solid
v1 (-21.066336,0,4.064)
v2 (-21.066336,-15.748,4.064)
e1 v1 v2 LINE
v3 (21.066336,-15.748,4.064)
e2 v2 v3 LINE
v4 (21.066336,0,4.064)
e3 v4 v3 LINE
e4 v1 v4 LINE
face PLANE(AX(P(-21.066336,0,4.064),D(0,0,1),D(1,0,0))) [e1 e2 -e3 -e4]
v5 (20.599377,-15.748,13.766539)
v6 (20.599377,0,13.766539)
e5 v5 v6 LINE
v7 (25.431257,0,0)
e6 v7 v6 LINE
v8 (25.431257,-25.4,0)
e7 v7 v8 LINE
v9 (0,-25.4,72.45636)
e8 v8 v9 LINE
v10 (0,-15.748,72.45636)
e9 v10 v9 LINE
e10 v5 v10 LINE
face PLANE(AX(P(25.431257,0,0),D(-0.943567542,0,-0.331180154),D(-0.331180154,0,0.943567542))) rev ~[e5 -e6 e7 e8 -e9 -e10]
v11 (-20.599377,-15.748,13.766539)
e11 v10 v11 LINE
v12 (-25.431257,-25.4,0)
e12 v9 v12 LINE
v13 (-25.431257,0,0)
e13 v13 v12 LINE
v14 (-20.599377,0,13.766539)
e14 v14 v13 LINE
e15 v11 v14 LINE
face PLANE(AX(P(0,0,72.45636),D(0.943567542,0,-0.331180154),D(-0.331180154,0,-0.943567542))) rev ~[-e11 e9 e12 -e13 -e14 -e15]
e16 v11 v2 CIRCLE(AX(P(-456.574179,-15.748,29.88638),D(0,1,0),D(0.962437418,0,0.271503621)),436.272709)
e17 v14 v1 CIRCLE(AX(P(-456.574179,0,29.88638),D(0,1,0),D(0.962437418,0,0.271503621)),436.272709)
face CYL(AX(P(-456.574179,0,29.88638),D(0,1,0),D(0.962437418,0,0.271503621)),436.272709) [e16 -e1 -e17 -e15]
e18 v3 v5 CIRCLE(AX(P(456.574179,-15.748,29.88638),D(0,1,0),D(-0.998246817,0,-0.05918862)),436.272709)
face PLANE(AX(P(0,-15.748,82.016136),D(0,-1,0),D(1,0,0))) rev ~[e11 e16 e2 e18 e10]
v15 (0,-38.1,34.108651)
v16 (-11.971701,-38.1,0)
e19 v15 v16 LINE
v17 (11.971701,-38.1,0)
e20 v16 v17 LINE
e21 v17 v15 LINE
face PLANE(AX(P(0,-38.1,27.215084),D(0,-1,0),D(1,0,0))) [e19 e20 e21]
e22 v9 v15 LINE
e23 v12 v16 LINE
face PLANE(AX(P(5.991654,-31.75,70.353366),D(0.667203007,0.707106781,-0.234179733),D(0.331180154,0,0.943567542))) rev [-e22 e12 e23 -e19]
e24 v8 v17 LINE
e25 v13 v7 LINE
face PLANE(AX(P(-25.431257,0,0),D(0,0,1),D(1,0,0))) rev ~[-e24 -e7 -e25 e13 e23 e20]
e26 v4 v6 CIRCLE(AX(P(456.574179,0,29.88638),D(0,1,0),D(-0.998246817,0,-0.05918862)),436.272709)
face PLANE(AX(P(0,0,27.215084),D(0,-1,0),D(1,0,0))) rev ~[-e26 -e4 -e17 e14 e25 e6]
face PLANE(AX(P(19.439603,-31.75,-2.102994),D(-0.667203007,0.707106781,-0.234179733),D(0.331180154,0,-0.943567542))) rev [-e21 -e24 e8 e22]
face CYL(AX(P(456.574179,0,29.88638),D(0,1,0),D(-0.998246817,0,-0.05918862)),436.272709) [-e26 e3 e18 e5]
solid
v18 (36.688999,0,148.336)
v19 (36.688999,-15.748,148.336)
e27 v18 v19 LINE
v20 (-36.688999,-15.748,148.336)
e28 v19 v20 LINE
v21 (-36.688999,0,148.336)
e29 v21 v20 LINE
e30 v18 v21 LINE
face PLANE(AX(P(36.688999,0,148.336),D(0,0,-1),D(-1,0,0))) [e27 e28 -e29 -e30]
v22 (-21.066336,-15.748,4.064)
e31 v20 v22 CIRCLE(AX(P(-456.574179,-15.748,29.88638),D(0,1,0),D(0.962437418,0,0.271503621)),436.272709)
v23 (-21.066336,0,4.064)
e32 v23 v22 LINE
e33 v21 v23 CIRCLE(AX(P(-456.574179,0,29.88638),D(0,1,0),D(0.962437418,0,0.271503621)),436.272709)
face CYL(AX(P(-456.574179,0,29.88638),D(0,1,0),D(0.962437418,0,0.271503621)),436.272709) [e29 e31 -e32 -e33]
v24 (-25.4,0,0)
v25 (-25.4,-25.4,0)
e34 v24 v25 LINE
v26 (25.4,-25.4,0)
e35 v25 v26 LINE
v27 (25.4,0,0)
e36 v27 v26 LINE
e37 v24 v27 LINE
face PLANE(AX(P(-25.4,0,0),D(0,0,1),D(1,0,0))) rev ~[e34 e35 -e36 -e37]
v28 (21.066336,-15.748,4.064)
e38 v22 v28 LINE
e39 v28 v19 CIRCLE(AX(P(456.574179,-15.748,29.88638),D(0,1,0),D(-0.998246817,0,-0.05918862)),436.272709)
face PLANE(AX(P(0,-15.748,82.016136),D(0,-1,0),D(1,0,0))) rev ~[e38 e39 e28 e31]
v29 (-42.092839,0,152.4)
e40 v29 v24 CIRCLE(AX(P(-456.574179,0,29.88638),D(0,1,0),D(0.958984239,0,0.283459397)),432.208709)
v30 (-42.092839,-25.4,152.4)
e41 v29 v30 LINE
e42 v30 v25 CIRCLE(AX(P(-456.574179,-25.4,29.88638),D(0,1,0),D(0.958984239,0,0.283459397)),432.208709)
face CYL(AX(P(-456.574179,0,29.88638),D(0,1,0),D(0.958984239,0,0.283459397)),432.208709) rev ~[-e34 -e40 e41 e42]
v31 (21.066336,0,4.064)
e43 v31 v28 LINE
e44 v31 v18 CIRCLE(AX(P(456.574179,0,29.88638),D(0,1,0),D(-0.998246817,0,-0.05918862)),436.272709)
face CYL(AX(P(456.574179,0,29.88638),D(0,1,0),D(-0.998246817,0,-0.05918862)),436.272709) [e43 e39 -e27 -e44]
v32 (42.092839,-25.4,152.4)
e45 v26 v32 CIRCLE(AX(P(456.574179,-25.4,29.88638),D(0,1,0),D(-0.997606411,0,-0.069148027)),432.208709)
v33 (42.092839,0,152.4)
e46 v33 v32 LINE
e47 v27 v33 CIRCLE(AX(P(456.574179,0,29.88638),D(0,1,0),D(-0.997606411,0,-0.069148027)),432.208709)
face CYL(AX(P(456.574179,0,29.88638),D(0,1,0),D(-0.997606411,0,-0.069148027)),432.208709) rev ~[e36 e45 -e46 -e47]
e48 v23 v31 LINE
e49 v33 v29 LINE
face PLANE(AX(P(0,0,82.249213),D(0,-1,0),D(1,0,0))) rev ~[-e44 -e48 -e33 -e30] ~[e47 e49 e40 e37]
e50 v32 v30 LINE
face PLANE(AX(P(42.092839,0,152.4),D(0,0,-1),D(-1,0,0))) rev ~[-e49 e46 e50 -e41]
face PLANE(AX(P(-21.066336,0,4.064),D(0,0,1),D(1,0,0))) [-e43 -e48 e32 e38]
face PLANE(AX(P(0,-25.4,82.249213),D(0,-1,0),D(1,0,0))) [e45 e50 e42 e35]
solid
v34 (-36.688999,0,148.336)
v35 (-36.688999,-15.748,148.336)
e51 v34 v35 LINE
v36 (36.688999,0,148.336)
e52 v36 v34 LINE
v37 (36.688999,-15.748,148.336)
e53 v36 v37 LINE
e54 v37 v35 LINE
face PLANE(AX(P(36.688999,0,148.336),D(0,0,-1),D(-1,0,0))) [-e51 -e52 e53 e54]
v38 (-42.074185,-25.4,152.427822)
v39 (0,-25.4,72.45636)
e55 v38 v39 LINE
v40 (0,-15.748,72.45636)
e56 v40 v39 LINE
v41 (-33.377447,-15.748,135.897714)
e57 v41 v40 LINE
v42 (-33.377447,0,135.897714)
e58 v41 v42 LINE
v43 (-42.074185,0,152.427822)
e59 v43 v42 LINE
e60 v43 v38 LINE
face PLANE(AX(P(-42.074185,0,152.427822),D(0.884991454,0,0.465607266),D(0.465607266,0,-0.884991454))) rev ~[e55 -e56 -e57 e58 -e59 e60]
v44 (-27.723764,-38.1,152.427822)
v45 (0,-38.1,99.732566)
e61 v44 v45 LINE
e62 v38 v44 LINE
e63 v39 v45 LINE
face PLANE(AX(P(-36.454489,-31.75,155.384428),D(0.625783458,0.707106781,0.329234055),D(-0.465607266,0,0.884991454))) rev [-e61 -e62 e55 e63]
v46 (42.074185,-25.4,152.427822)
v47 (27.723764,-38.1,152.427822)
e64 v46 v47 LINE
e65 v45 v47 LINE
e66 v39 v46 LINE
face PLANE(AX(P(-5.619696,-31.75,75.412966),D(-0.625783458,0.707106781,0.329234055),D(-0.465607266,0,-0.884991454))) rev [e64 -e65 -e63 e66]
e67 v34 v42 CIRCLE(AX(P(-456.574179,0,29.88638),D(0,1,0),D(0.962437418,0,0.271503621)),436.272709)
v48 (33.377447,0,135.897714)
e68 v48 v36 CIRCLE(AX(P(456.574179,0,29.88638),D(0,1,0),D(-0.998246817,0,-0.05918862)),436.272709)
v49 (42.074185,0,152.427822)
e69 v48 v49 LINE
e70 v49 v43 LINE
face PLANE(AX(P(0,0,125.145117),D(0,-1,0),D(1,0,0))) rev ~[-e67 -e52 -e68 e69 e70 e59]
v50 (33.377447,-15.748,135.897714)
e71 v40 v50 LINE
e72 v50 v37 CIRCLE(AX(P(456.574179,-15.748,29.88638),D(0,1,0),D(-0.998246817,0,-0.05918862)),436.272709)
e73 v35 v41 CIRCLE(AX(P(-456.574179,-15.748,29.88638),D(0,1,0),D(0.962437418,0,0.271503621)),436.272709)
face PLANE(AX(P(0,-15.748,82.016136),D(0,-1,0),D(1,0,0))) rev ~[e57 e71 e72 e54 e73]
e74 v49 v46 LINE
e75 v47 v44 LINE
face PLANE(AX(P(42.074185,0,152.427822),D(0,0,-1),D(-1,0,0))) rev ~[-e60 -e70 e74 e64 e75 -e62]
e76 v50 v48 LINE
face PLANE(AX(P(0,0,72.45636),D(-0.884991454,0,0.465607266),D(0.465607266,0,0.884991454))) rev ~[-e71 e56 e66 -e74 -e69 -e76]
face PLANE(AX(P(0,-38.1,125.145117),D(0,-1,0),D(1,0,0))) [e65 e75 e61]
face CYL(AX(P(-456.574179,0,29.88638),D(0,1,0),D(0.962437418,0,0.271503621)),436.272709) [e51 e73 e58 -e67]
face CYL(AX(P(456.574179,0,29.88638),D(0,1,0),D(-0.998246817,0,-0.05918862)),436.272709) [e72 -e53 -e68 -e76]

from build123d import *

# Parameters (mm, degrees)
F2_DEPTH  = 25.4
F3_DEPTH  = 38.1
F4_SIZE   = 12.7
F4_2_SIZE = 12.7
F6_DEPTH  = 15.748


with BuildPart() as f2:
    # F0 (on Front) → F2 (new body)
    with BuildSketch(Plane.XZ):
        with BuildLine():
            Line((-25.4, 0), (0, 0))
            Line((0, 0), (25.4, 0))
            ThreePointArc((25.4, 0), (26.9350814035, 76.9460667381), (42.0928390439, 152.4))
            Line((42.0928390439, 152.4), (0, 152.4))
            Line((0, 152.4), (-42.0928390439, 152.4))
            ThreePointArc((-42.0928390439, 152.4), (-26.9350814035, 76.9460667381), (-25.4, 0))
        make_face()
    extrude(amount=F2_DEPTH)


with BuildPart() as f3:
    # F1 (on Front) → F3 (new body)
    with BuildSketch(Plane.XZ):
        Polygon((42.0741848648, 152.4278223515), (-42.0741848648, 152.4278223515), (0, 72.4563598633), align=None)
    extrude(amount=F3_DEPTH)

    # F4
    f4_edges = [f3.edges().sort_by_distance(p)[0] for p in [
        (-21.037092, -38.1, 112.442091),
        (21.037092, -38.1, 112.442091),
    ]]
    chamfer(f4_edges, length=F4_SIZE)


with BuildPart() as f3b:
    # F1 (on Front) → F3, piece 2 (new body)
    with BuildSketch(Plane.XZ):
        Polygon((25.4312567413, 0), (0, 72.4563598633), (-25.4312567413, 0), align=None)
    extrude(amount=F3_DEPTH)

    # F4#2
    f4_2_edges = [f3b.edges().sort_by_distance(p)[0] for p in [
        (-12.715628, -38.1, 36.22818),
        (12.715628, -38.1, 36.22818),
    ]]
    chamfer(f4_2_edges, length=F4_2_SIZE)


with BuildPart() as f6_tool:
    # F5 (on face) → F6 (new body)
    with BuildSketch(Plane.XZ):
        with BuildLine():
            Line((36.6889990651, 148.3359999431), (0, 148.3359999431))
            Line((0, 148.3359999431), (-36.6889990651, 148.3359999431))
            ThreePointArc((-36.6889990651, 148.3359999431), (-22.8370367883, 76.8541167958), (-21.0663357049, 4.0640000569))
            Line((-21.0663357049, 4.0640000569), (0, 4.0640000569))
            Line((0, 4.0640000569), (21.0663357049, 4.0640000569))
            ThreePointArc((21.0663357049, 4.0640000569), (22.8370367883, 76.8541167958), (36.6889990651, 148.3359999431))
        make_face()
    extrude(amount=F6_DEPTH)


with BuildPart() as f2_1:
    add(f2.part)

    # F6: cut by f6_tool
    add(f6_tool.part, mode=Mode.SUBTRACT)


with BuildPart() as f3_1:
    add(f3.part)

    # F6: cut by f6_tool
    add(f6_tool.part, mode=Mode.SUBTRACT)


with BuildPart() as f3b_1:
    add(f3b.part)

    # F6: cut by f6_tool
    add(f6_tool.part, mode=Mode.SUBTRACT)


solid = Compound([f2_1.part, f3_1.part, f3b_1.part])
